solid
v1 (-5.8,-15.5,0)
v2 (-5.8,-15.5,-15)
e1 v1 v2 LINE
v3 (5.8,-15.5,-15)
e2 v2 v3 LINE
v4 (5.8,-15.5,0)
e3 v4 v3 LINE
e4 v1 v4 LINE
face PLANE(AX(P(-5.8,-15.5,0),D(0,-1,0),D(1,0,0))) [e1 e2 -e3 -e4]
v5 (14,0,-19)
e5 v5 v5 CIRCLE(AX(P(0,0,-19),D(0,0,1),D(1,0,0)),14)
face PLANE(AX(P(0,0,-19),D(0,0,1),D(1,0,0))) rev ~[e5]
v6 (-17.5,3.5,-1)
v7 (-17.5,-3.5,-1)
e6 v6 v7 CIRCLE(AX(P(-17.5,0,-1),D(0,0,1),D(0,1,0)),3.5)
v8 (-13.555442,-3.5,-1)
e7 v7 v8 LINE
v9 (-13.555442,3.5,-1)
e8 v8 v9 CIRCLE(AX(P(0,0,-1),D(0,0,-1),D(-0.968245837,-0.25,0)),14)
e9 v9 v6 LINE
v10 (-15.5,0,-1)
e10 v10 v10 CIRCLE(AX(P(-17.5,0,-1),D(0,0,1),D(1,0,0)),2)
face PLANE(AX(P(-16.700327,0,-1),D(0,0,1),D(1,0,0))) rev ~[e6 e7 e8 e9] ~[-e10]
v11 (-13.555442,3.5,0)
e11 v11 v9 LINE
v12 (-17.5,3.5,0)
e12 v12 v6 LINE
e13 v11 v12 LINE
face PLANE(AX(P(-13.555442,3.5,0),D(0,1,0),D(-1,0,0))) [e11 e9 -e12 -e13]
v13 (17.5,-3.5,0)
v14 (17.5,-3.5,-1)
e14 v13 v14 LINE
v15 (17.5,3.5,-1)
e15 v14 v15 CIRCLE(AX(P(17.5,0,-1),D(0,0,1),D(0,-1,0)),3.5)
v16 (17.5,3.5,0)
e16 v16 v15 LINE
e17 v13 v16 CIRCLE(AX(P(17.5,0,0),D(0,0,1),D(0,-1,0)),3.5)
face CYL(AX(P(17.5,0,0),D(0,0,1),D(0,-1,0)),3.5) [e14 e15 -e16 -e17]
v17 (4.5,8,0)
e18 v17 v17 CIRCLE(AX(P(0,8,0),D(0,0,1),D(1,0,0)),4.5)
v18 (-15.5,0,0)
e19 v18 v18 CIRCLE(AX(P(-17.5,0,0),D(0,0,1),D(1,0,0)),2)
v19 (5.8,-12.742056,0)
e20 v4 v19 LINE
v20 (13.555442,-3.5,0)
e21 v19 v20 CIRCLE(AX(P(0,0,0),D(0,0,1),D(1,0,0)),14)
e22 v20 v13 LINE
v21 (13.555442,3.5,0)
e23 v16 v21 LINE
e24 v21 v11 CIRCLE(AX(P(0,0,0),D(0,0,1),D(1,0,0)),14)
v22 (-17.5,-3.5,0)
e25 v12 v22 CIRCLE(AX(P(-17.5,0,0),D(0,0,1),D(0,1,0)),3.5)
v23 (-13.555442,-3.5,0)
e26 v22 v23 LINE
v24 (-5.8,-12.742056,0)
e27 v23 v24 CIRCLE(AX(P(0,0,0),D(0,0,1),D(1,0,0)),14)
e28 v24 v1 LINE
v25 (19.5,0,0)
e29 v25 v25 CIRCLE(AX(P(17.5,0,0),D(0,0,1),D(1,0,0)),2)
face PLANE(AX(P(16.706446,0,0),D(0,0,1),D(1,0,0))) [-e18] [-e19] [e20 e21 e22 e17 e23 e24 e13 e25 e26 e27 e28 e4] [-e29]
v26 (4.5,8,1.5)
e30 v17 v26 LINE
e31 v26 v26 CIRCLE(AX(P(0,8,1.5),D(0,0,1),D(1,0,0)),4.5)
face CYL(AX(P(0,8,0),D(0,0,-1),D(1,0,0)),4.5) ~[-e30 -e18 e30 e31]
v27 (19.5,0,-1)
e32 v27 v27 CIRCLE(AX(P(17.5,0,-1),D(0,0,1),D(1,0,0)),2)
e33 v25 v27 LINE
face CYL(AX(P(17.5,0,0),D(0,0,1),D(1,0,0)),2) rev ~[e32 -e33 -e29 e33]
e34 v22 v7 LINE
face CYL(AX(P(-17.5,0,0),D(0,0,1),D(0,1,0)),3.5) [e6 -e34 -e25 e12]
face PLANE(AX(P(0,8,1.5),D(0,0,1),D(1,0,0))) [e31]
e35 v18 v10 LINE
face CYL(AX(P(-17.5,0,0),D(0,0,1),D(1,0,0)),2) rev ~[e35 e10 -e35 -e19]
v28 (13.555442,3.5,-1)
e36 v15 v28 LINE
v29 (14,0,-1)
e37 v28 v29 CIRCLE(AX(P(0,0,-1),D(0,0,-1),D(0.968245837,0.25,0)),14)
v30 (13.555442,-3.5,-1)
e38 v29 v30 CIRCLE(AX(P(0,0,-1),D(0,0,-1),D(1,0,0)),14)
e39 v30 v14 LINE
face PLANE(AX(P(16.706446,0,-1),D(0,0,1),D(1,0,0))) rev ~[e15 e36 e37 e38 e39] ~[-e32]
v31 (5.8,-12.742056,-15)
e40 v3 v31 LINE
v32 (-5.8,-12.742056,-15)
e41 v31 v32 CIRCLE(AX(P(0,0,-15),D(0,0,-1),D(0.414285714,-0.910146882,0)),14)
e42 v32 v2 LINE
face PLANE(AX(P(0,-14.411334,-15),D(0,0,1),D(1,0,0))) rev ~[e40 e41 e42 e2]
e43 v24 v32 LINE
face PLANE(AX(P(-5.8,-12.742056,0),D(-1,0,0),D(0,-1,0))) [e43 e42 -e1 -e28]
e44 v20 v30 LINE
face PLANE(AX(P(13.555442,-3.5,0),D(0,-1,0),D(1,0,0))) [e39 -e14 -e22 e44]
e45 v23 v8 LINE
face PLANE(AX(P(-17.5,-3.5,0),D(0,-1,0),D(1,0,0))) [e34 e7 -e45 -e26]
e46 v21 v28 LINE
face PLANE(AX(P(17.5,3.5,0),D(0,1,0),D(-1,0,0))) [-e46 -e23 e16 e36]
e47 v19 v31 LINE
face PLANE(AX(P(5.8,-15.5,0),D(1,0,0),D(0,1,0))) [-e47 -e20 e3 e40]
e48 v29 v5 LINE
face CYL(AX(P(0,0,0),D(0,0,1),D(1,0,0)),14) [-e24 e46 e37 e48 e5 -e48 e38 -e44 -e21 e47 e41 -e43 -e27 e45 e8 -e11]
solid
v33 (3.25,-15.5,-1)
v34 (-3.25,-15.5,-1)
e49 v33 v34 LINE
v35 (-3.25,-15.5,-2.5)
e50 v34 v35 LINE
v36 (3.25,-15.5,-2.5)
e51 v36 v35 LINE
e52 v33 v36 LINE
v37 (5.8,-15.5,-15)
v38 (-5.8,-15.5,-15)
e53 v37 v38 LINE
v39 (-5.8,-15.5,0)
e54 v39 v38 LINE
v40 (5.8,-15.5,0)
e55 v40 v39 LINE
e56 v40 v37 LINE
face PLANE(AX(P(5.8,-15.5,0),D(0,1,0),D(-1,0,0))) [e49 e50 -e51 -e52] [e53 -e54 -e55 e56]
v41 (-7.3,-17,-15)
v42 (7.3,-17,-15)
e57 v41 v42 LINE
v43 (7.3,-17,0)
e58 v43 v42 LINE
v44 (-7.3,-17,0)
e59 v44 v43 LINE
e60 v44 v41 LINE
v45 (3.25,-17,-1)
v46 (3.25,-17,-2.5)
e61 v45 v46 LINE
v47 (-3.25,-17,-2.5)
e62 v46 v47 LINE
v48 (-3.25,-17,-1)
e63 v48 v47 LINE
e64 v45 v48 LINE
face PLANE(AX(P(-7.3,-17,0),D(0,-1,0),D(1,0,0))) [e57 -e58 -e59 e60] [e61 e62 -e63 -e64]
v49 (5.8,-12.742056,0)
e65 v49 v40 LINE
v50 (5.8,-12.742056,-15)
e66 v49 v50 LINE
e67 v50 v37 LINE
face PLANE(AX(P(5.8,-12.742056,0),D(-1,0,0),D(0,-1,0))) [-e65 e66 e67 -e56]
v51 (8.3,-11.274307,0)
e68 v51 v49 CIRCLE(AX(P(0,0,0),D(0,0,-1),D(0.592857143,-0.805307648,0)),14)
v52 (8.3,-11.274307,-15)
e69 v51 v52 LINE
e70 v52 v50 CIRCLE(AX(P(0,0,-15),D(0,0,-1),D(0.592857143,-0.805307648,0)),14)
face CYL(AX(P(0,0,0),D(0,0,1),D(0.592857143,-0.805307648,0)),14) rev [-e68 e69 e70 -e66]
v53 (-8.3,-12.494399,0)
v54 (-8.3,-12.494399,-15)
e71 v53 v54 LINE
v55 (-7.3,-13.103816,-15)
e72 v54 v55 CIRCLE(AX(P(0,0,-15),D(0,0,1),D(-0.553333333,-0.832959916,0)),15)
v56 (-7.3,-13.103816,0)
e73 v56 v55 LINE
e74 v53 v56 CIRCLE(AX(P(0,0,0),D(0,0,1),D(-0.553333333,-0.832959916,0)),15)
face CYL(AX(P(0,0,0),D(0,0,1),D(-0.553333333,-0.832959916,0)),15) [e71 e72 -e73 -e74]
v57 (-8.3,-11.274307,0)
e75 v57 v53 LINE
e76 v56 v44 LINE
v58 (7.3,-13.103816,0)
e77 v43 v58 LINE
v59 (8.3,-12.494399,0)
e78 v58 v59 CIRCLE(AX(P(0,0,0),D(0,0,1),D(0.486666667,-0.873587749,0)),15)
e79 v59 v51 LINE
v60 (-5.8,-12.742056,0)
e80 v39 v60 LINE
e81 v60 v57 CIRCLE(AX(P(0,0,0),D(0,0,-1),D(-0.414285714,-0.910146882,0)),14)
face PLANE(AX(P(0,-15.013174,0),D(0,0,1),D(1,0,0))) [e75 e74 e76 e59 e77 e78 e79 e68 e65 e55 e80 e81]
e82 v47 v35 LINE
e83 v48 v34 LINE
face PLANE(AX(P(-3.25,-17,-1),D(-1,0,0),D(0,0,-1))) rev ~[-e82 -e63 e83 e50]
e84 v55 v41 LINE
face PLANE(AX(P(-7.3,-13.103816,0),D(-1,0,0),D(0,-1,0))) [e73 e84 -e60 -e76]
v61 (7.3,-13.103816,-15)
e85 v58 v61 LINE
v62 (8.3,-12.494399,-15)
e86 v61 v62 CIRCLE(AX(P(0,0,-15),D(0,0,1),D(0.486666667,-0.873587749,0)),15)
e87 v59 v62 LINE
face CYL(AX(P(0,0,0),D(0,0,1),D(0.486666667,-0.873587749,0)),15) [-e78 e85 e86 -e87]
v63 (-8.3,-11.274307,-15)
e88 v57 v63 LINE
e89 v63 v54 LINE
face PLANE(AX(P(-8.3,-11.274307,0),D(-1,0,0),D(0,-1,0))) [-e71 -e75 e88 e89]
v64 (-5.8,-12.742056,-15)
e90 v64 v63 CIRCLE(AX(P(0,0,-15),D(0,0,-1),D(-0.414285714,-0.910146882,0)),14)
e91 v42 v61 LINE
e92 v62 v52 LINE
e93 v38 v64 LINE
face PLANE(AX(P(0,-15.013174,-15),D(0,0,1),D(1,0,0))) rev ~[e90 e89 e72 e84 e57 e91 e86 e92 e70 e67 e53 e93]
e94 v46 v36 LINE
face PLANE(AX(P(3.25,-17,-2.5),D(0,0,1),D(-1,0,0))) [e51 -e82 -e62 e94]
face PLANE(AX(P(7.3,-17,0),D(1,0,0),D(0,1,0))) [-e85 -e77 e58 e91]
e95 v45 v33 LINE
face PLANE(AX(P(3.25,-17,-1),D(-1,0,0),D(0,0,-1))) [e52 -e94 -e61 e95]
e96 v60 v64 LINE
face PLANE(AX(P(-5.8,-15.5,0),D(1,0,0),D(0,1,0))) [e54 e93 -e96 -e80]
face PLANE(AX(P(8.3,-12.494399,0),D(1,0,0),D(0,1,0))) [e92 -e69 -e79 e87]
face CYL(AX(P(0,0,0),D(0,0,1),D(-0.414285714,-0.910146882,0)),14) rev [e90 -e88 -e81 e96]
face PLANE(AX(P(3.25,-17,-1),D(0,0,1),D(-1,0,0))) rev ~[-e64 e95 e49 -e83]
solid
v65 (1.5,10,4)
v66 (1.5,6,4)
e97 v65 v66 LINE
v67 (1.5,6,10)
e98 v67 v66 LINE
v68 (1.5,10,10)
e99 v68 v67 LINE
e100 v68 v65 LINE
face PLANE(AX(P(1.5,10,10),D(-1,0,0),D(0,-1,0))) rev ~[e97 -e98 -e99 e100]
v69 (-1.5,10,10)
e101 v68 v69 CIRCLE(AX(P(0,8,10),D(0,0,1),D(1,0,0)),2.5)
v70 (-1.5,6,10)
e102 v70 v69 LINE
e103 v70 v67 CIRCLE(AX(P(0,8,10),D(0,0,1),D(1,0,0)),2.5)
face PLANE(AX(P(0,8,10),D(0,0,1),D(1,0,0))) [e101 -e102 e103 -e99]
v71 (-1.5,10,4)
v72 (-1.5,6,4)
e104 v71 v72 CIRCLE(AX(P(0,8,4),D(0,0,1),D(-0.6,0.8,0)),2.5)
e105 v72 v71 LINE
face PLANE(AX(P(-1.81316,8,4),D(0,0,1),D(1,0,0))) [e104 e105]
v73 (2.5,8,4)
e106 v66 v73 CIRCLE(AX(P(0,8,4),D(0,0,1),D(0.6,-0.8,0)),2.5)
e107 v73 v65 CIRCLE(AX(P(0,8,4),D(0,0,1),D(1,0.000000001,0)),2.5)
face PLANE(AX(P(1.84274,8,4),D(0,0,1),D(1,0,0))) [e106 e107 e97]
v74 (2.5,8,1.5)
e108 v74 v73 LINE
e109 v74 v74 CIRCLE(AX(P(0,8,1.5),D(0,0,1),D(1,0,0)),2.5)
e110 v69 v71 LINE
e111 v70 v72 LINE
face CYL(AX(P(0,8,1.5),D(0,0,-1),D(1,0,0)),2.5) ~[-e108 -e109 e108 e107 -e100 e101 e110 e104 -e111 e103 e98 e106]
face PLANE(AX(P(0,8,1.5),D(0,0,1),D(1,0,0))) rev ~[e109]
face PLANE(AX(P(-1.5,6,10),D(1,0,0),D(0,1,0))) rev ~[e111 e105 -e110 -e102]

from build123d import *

# Parameters (mm, degrees)
SKETCH1_R           = 14
BOSS_EXTRUDE1_DEPTH = 19
SKETCH2_R           = 2
BOSS_EXTRUDE2_DEPTH = 1
SKETCH3_R           = 4.5
BOSS_EXTRUDE3_DEPTH = 1.5
SKETCH4_R           = 2.5
BOSS_EXTRUDE4_DEPTH = 8.5
CUT_EXTRUDE1_DEPTH  = 6
BOSS_EXTRUDE6_DEPTH = 15
BOSS_EXTRUDE7_DEPTH = 15
SKETCH10_W          = 6.5
SKETCH10_H          = 1.5
CUT_EXTRUDE2_DEPTH  = 1.5


with BuildPart() as part:
    # Sketch1 → Boss-Extrude1 (new body)
    with BuildSketch(Plane.XY):
        Circle(SKETCH1_R)
    extrude(amount=-BOSS_EXTRUDE1_DEPTH)

    # Sketch2 → Boss-Extrude2 (add)
    # profile 1 of 2: a face of its own
    with BuildSketch(Plane.XY):
        with BuildLine():
            Line((-13.555441712, 3.5), (-17.5, 3.5))
            ThreePointArc((-17.5, 3.5), (-21, 0), (-17.5, -3.5))
            Line((-17.5, -3.5), (-13.555441712, -3.5))
            ThreePointArc((-13.555441712, -3.5), (-14, 0), (-13.555441712, 3.5))
        make_face()
        with Locations((-17.5, 0)):
            Circle(SKETCH2_R, mode=Mode.SUBTRACT)
    # profile 2 of 2: a face of its own
    with BuildSketch(Plane.XY):
        with BuildLine():
            Line((17.5, 3.5), (13.555441712, 3.5))
            ThreePointArc((13.555441712, 3.5), (13.888415748, 1.764060095), (14, 0))
            ThreePointArc((14, 0), (13.888415748, -1.764060095), (13.555441712, -3.5))
            Line((13.555441712, -3.5), (17.5, -3.5))
            ThreePointArc((17.5, -3.5), (21, 0), (17.5, 3.5))
        make_face()
        with Locations((17.5, 0)):
            Circle(SKETCH2_R, mode=Mode.SUBTRACT)
    extrude(amount=-BOSS_EXTRUDE2_DEPTH)

    # Sketch3 → Boss-Extrude3 (add)
    with BuildSketch(Plane.XY):
        with Locations((0, 8)):
            Circle(SKETCH3_R)
    extrude(amount=BOSS_EXTRUDE3_DEPTH)

    # Sketch9 → Boss-Extrude7 (add)
    with BuildSketch(Plane.XY):
        with BuildLine():
            Line((5.8, -15.5), (5.8, -12.742056349))
            ThreePointArc((5.8, -12.742056349), (0, -14), (-5.8, -12.742056349))
            Line((-5.8, -12.742056349), (-5.8, -15.5))
            Line((-5.8, -15.5), (5.8, -15.5))
        make_face()
    extrude(amount=-BOSS_EXTRUDE7_DEPTH)


with BuildPart() as body_2:
    # Sketch4 → Boss-Extrude4 (new body)
    with BuildSketch(Plane.XY.offset(1.5)):
        with Locations((0, 8)):
            Circle(SKETCH4_R)
    extrude(amount=BOSS_EXTRUDE4_DEPTH)

    # Sketch5 → Cut-Extrude1 (cut)
    with BuildSketch(Plane.XY.offset(10)):
        with BuildLine():
            Line((-1.5, 6), (-1.5, 10))
            ThreePointArc((-1.5, 10), (-2.5, 8), (-1.5, 6))
        make_face()
        with BuildLine():
            ThreePointArc((2.5, 8), (2.236067977, 9.118033989), (1.5, 10))
            Line((1.5, 10), (1.5, 6))
            ThreePointArc((1.5, 6), (2.236067977, 6.881966011), (2.5, 8))
        make_face()
    extrude(amount=-CUT_EXTRUDE1_DEPTH, mode=Mode.SUBTRACT)


with BuildPart() as body_3:
    # Sketch6 → Boss-Extrude6 (new body)
    with BuildSketch(Plane.XY):
        with BuildLine():
            Line((-7.3, -13.103816238), (-7.3, -17))
            Line((-7.3, -17), (7.3, -17))
            Line((7.3, -17), (7.3, -13.103816238))
            ThreePointArc((7.3, -13.103816238), (7.805949489, -12.808870074), (8.3, -12.494398745))
            Line((8.3, -12.494398745), (8.3, -11.274307074))
            ThreePointArc((8.3, -11.274307074), (7.088093678, -12.073066223), (5.8, -12.742056349))
            Line((5.8, -12.742056349), (5.8, -15.5))
            Line((5.8, -15.5), (-5.8, -15.5))
            Line((-5.8, -15.5), (-5.8, -12.742056349))
            ThreePointArc((-5.8, -12.742056349), (-7.088093678, -12.073066223), (-8.3, -11.274307074))
            Line((-8.3, -11.274307074), (-8.3, -12.494398745))
            ThreePointArc((-8.3, -12.494398745), (-7.805949489, -12.808870074), (-7.3, -13.103816238))
        make_face()
    extrude(amount=-BOSS_EXTRUDE6_DEPTH)

    # Sketch10 → Cut-Extrude2 (cut)
    with BuildSketch(Plane(origin=(0, -17, 0), x_dir=(-1, 0, 0), z_dir=(0, -1, 0))):
        with Locations((0, 1.75)):
            Rectangle(SKETCH10_W, SKETCH10_H)
    extrude(amount=-CUT_EXTRUDE2_DEPTH, mode=Mode.SUBTRACT)


solid = Compound([part.part, body_2.part, body_3.part])
